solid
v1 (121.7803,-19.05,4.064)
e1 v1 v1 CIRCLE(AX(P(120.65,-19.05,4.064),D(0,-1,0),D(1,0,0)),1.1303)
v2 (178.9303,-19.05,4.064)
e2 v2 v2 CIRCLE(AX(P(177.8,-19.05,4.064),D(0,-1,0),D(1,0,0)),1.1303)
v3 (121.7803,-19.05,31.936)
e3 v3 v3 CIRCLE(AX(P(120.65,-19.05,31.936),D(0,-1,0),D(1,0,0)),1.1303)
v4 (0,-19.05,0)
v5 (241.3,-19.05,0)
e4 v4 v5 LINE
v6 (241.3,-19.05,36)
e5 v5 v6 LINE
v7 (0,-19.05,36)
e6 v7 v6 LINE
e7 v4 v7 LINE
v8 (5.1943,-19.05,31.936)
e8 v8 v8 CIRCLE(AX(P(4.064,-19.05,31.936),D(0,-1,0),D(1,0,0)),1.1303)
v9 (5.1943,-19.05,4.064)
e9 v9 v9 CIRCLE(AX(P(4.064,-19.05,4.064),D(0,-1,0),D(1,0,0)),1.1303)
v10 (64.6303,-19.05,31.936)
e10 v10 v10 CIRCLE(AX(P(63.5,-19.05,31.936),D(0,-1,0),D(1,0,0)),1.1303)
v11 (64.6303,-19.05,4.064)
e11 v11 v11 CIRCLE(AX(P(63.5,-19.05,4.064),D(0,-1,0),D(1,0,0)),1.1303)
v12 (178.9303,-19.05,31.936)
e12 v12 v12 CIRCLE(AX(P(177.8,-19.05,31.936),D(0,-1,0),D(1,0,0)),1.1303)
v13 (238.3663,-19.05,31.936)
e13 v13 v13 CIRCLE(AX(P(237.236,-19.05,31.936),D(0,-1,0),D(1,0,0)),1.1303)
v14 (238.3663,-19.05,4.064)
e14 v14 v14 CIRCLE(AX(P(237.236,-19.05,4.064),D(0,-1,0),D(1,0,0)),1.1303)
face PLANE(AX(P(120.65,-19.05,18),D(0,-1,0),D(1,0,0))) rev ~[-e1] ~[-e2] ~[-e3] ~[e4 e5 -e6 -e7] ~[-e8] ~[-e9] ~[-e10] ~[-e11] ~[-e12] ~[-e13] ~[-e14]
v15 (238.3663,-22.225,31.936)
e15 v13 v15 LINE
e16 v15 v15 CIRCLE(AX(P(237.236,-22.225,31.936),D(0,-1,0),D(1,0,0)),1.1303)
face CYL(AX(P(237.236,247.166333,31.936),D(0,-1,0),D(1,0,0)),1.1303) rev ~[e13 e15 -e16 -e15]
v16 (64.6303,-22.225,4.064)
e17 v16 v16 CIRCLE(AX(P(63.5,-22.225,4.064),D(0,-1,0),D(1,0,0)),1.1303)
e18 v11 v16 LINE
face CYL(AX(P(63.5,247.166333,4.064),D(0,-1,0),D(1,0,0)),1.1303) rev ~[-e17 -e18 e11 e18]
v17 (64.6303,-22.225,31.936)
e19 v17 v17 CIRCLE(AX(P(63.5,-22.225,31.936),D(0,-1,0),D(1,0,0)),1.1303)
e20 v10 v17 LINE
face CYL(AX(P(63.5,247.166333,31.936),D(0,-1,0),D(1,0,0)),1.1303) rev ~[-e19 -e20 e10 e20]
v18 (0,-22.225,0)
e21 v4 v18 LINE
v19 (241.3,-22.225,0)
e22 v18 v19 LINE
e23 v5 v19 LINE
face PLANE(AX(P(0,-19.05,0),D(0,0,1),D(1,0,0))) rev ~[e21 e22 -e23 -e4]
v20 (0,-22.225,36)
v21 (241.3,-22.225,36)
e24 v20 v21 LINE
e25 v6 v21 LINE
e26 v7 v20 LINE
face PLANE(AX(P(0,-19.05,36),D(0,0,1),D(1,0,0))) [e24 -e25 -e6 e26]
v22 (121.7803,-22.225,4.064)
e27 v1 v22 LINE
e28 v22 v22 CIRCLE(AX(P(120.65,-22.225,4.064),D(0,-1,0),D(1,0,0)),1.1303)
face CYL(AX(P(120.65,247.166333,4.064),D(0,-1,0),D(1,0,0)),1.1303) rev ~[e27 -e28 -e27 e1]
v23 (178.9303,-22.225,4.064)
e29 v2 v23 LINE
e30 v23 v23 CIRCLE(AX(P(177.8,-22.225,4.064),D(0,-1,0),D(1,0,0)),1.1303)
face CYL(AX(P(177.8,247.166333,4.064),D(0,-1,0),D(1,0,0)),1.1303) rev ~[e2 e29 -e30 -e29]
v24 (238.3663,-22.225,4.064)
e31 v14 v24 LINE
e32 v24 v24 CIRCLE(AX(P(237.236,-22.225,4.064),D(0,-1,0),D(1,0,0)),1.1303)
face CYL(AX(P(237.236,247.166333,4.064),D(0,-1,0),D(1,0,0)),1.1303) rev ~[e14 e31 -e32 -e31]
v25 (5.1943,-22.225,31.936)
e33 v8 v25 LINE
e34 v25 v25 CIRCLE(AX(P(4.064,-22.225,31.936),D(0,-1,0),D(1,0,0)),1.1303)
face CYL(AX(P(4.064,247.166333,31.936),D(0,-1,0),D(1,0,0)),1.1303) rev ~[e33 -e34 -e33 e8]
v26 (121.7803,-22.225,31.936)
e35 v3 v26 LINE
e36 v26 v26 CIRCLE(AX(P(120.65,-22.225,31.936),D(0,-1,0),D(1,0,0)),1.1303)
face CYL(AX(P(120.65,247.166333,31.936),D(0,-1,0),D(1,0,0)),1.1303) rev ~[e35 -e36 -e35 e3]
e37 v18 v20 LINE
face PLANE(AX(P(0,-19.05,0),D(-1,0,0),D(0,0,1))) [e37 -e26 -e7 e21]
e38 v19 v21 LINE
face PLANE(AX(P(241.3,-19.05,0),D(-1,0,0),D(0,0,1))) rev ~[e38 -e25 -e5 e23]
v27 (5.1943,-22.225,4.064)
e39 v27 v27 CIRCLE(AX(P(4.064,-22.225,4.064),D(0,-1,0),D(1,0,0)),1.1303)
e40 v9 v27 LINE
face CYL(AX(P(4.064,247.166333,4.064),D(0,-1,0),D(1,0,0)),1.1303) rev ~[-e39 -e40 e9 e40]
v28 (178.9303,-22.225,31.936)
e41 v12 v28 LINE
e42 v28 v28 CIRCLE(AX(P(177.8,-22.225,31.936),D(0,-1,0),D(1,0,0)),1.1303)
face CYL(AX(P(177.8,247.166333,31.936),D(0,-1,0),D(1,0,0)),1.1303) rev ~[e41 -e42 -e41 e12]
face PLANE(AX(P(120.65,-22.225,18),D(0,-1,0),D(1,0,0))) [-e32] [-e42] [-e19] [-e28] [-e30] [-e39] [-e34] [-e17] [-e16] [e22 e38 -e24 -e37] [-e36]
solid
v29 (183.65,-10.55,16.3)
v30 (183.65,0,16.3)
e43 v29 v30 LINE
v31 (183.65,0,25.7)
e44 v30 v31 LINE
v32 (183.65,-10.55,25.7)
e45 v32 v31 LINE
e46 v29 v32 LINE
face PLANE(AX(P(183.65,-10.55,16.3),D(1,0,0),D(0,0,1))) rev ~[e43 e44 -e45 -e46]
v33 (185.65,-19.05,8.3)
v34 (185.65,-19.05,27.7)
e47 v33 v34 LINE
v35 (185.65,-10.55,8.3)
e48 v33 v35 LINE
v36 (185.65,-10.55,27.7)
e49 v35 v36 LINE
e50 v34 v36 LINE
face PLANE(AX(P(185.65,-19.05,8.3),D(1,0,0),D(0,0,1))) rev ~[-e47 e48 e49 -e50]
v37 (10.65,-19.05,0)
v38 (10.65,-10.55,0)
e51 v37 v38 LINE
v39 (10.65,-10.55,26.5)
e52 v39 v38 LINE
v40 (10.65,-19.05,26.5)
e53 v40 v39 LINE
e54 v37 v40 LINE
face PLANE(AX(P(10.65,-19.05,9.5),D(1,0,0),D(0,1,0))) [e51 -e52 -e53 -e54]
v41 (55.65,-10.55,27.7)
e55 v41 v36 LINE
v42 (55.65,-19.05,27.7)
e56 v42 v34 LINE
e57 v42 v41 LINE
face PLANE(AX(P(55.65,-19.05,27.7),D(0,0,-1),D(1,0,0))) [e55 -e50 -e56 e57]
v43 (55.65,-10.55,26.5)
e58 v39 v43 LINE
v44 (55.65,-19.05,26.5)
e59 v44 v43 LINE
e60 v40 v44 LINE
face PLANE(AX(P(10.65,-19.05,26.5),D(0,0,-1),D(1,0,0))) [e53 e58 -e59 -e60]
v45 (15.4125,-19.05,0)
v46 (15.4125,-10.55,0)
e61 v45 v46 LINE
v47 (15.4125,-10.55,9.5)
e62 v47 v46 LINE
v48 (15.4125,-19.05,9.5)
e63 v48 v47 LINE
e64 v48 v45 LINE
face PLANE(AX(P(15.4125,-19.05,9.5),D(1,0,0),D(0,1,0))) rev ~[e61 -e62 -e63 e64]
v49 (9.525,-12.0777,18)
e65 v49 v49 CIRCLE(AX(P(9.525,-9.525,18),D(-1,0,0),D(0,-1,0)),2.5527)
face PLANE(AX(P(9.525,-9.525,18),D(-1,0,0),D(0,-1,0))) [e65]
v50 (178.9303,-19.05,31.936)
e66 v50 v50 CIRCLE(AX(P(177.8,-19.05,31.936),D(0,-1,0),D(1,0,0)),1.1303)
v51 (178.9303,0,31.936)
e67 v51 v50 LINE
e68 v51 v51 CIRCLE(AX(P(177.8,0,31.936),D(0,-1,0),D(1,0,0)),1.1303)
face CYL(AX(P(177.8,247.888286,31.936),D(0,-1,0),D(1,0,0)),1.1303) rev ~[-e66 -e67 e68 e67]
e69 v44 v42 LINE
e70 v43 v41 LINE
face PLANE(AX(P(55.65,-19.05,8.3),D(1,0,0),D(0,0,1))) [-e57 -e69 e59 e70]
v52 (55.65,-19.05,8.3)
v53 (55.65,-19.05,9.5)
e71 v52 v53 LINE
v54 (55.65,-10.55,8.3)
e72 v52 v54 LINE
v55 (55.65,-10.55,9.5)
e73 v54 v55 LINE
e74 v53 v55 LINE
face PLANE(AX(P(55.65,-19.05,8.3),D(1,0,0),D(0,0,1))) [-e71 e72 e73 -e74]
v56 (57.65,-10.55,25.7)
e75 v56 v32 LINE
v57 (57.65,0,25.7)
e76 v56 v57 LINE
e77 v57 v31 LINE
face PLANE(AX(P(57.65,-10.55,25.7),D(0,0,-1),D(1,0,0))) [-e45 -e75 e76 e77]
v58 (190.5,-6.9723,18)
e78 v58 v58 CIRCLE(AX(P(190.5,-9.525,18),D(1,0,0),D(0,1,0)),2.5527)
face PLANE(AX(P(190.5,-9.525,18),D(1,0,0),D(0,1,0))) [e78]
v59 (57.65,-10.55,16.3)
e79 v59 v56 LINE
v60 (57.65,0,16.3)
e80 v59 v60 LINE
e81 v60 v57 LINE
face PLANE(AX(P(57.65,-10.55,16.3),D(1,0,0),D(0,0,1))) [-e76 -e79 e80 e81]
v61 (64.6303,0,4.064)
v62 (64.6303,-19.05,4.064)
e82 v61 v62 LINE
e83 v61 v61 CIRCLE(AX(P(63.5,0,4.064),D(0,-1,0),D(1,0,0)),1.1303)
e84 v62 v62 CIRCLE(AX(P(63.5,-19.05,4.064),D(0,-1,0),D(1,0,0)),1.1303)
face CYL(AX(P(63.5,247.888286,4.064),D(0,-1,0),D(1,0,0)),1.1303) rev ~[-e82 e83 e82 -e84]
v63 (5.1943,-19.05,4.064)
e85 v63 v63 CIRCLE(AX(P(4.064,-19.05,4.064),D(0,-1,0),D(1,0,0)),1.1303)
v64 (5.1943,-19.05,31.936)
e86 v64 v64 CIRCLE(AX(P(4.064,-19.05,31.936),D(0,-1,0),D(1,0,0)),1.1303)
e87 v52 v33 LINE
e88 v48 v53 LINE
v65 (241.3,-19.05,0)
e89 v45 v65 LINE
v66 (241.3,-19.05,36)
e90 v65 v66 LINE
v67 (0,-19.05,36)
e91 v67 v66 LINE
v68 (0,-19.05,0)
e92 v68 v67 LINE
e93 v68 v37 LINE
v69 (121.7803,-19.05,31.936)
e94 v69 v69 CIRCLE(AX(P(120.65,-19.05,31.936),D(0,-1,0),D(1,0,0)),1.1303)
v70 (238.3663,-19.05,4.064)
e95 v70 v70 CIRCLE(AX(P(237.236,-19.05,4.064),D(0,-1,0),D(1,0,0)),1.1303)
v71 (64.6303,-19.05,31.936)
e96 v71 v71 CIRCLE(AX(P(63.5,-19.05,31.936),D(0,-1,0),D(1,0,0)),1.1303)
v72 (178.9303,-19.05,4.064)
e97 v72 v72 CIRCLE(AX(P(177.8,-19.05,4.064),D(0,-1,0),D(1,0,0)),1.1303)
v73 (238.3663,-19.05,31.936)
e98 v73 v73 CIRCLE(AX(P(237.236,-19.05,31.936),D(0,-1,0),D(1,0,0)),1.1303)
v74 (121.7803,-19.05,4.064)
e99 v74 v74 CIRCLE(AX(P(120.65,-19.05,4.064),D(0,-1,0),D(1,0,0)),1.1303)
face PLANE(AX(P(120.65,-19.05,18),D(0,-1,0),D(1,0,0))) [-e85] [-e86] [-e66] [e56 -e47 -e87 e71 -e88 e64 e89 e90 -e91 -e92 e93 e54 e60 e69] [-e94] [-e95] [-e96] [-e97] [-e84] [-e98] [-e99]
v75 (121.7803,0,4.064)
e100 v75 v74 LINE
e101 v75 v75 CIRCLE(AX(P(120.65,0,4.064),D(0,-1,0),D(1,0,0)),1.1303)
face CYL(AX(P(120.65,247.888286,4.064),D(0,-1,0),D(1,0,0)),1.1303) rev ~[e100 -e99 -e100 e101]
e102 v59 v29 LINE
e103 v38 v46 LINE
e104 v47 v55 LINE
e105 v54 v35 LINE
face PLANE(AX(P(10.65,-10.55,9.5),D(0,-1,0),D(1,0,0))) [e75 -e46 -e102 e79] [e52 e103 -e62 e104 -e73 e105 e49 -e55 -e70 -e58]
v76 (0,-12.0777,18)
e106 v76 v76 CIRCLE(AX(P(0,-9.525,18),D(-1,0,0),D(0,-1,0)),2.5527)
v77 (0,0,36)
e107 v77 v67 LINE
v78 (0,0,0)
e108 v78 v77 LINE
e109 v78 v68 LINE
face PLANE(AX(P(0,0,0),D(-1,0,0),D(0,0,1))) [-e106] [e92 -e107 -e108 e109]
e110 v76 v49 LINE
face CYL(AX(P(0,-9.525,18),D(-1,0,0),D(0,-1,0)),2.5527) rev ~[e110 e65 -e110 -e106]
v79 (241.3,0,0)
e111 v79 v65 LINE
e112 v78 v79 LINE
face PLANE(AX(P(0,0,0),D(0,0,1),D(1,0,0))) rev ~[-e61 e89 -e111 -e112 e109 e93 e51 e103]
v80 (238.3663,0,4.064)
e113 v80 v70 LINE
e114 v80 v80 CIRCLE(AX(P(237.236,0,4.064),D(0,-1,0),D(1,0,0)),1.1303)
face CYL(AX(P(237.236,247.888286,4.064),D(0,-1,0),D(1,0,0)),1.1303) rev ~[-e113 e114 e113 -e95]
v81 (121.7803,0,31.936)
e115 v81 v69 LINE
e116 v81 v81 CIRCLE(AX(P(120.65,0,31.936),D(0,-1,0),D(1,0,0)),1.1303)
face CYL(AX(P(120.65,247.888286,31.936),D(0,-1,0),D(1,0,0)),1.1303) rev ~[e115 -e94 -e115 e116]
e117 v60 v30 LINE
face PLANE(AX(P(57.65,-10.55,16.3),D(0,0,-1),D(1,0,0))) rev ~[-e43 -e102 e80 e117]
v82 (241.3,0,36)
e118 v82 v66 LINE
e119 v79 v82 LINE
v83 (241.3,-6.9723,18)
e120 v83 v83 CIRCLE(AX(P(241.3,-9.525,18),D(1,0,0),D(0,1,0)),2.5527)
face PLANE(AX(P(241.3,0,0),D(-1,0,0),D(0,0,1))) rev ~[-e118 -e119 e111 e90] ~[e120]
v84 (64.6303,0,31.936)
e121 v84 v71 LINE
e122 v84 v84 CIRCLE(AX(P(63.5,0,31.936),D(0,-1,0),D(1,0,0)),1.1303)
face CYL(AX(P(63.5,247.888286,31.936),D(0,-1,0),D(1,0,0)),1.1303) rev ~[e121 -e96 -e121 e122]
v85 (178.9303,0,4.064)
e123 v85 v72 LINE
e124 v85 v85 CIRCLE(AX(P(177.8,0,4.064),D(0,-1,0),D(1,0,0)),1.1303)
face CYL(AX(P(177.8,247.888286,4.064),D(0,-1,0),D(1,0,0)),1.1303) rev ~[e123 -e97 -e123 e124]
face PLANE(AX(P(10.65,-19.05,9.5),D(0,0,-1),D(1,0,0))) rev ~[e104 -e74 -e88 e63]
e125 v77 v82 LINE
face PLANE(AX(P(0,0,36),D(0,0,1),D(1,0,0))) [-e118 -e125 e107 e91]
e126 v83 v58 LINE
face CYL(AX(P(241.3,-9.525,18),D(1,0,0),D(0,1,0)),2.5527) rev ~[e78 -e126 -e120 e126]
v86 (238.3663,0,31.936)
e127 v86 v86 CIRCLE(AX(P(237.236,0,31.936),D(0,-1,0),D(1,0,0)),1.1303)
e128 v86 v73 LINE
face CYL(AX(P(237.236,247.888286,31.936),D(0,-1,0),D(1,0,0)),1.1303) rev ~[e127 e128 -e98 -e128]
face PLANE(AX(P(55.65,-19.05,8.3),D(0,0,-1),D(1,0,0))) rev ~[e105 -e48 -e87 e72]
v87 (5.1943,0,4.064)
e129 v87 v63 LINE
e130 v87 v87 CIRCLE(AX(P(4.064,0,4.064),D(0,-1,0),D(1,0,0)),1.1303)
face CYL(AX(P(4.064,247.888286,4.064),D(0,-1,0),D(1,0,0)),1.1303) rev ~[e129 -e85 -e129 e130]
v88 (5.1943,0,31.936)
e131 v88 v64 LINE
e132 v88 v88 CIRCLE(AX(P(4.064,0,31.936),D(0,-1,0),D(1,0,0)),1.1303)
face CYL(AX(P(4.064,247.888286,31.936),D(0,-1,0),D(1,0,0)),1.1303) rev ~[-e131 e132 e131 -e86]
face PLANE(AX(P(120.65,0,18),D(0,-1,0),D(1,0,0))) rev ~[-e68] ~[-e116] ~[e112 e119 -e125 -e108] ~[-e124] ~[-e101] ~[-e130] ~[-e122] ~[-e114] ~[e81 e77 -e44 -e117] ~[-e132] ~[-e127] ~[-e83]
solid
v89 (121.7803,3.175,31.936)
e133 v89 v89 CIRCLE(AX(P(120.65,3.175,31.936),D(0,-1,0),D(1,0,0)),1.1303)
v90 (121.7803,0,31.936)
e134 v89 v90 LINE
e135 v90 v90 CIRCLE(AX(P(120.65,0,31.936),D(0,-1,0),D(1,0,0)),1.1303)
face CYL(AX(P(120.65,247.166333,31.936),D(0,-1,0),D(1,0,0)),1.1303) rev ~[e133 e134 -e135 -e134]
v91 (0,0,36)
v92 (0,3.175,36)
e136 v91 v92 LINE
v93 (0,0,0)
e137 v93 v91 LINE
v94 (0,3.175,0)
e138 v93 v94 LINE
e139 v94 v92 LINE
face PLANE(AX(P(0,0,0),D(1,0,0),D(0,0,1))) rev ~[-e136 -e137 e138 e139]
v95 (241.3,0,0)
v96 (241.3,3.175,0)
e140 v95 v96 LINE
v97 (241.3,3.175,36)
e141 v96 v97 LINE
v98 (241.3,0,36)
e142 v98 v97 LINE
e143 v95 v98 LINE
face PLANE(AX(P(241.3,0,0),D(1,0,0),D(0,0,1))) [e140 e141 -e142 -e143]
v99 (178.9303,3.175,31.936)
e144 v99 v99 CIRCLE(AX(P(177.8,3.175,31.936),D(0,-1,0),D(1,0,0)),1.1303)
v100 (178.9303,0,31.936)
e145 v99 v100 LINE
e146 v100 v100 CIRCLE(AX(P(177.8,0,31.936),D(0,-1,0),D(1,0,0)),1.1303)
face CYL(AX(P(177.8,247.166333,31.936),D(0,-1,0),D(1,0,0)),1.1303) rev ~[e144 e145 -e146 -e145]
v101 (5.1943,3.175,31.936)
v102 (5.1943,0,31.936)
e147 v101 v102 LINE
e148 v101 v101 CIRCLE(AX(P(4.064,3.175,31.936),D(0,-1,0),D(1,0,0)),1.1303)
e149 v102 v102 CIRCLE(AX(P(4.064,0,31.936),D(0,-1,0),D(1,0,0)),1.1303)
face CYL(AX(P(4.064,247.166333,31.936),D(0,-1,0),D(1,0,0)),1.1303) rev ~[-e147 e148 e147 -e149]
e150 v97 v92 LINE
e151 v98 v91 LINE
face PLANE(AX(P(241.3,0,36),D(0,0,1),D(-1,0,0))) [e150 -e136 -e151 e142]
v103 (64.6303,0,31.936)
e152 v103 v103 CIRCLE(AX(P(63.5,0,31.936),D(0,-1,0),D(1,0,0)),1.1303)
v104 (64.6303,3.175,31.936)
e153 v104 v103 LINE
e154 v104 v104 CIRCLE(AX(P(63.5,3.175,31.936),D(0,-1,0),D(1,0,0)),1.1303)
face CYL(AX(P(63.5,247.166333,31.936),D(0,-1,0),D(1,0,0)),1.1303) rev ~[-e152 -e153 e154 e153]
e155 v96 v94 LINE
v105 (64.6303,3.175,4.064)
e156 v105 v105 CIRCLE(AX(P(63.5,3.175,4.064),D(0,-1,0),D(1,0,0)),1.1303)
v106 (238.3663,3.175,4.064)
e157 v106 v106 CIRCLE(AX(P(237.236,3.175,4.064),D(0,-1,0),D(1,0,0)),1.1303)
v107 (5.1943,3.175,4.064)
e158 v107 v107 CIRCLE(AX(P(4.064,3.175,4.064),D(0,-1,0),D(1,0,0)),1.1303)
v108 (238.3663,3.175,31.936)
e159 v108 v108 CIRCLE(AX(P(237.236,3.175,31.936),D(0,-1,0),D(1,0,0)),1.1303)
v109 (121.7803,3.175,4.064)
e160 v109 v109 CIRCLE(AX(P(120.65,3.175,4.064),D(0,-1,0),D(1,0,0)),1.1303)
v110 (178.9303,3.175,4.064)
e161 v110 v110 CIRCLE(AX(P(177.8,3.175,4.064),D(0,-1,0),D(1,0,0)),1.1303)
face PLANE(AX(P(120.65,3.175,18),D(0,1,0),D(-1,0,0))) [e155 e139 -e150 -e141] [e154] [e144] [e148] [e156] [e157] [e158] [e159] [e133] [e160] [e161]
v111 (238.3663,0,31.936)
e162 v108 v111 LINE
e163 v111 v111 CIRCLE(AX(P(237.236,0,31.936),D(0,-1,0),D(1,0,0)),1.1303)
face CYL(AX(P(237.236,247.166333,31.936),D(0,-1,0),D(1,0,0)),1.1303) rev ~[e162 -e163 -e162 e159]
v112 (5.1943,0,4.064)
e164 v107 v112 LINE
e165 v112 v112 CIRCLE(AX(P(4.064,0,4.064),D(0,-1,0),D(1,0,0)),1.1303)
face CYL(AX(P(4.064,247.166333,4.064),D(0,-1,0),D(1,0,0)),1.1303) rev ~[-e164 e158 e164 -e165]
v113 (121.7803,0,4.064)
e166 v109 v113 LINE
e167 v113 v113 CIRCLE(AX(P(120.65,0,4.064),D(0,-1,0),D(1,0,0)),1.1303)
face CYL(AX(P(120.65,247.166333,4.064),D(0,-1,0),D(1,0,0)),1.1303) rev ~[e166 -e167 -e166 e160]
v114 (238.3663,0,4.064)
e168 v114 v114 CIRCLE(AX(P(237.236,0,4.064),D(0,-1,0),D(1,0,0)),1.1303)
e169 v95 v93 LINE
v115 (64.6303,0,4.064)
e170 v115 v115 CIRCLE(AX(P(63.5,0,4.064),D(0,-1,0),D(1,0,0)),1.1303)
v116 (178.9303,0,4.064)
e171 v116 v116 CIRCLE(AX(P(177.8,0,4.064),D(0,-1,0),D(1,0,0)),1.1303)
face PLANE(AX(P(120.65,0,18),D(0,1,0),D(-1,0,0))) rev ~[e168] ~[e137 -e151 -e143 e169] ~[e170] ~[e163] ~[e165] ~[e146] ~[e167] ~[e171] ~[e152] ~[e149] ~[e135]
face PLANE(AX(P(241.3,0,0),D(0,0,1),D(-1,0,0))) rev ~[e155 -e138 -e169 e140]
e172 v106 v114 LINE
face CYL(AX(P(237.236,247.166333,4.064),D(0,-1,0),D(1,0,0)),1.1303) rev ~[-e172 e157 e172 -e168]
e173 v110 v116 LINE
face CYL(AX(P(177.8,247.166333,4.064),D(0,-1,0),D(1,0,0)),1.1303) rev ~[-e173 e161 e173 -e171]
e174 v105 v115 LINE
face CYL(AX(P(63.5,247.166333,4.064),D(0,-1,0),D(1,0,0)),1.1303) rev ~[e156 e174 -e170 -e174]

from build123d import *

# Parameters (mm, degrees)
F0_W      = 241.3
F0_H      = 36
F1_DEPTH  = 19.05
F2_W      = 130
F2_H      = 19.4
F3_DEPTH  = 8.5
F4_W      = 126
F4_H      = 9.4
F5_DEPTH  = 10.551
F6_W      = 45
F6_H      = 17
F7_DEPTH  = 8.5
F8_R      = 2.5527
F9_DEPTH  = 9.525
F10_R     = 2.5527
F11_DEPTH = 50.8
F12_W     = 4.7625
F12_H     = 8.5
F13_DEPTH = 9.501
F14_W     = 241.3
F14_H     = 36
F15_DEPTH = 3.175
F17_W     = 241.3
F17_H     = 36
F18_DEPTH = 3.175
F19_D     = 2.2606
F19_2_D   = 2.2606
F19_3_D   = 2.2606


with BuildPart() as f1:
    # F0 (on Front) → F1 (new body)
    with BuildSketch(Plane.XZ):
        with Locations((120.65, 18)):
            Rectangle(F0_W, F0_H)
    extrude(amount=F1_DEPTH)

    # F2 (on face) → F3 (cut)
    with BuildSketch(Plane.XZ.offset(19.05)):
        with Locations((120.65, 18)):
            Rectangle(F2_W, F2_H)
    extrude(amount=-F3_DEPTH, mode=Mode.SUBTRACT)

    # F4 (on face) → F5 (cut, through all)
    with BuildSketch(Plane.XZ.offset(10.55)):
        with Locations((120.65, 21)):
            Rectangle(F4_W, F4_H)
    extrude(amount=-F5_DEPTH, mode=Mode.SUBTRACT)

    # F6 (on face) → F7 (cut, through all)
    with BuildSketch(Plane.XZ.offset(19.05)):
        with Locations((33.15, 18)):
            Rectangle(F6_W, F6_H)
    extrude(amount=-F7_DEPTH, mode=Mode.SUBTRACT)

    # F8 (on face) → F9 (cut)
    with BuildSketch(Plane(origin=(0, 0, 0), x_dir=(0, -1, 0), z_dir=(-1, 0, 0))):
        with Locations((9.525, 18)):
            Circle(F8_R)
    extrude(amount=-F9_DEPTH, mode=Mode.SUBTRACT)

    # F10 (on face) → F11 (cut)
    with BuildSketch(Plane.YZ.offset(241.3)):
        with Locations((-9.525, 18)):
            Circle(F10_R)
    extrude(amount=-F11_DEPTH, mode=Mode.SUBTRACT)

    # F12 (on face) → F13 (cut, through all)
    with BuildSketch(Plane.XY.offset(9.5)):
        with Locations((13.03125, -14.8)):
            Rectangle(F12_W, F12_H)
    extrude(amount=-F13_DEPTH, mode=Mode.SUBTRACT)

    # F19 (through all)
    with Locations(Plane(origin=(0, 3.175, 0), x_dir=(-1, 0, 0), z_dir=(0, 1, 0))):
        with Locations((-177.8, 31.936), (-120.65, 31.936), (-177.8, 4.064), (-120.65, 4.064), (-63.5, 31.936), (-63.5, 4.064), (-237.236, 4.064), (-237.236, 31.936), (-4.064, 31.936), (-4.064, 4.064)):
            Hole(F19_D / 2)


with BuildPart() as f15:
    # F14 (on face) → F15 (new body)
    with BuildSketch(Plane(origin=(0, 0, 0), x_dir=(-1, 0, 0), z_dir=(0, 1, 0))):
        with Locations((-120.65, 18)):
            Rectangle(F14_W, F14_H)
    extrude(amount=F15_DEPTH)

    # F19#2 (through all)
    with Locations(Plane(origin=(0, 3.175, 0), x_dir=(-1, 0, 0), z_dir=(0, 1, 0))):
        with Locations((-177.8, 31.936), (-120.65, 31.936), (-177.8, 4.064), (-120.65, 4.064), (-63.5, 31.936), (-63.5, 4.064), (-237.236, 4.064), (-237.236, 31.936), (-4.064, 31.936), (-4.064, 4.064)):
            Hole(F19_2_D / 2)


with BuildPart() as f18:
    # F17 (on face) → F18 (new body)
    with BuildSketch(Plane.XZ.offset(19.05)):
        with Locations((120.65, 18)):
            Rectangle(F17_W, F17_H)
    extrude(amount=F18_DEPTH)

    # F19#3 (through all)
    with Locations(Plane(origin=(0, 3.175, 0), x_dir=(-1, 0, 0), z_dir=(0, 1, 0))):
        with Locations((-177.8, 31.936), (-120.65, 31.936), (-177.8, 4.064), (-120.65, 4.064), (-63.5, 31.936), (-63.5, 4.064), (-237.236, 4.064), (-237.236, 31.936), (-4.064, 31.936), (-4.064, 4.064)):
            Hole(F19_3_D / 2)


solid = Compound([f1.part, f15.part, f18.part])
